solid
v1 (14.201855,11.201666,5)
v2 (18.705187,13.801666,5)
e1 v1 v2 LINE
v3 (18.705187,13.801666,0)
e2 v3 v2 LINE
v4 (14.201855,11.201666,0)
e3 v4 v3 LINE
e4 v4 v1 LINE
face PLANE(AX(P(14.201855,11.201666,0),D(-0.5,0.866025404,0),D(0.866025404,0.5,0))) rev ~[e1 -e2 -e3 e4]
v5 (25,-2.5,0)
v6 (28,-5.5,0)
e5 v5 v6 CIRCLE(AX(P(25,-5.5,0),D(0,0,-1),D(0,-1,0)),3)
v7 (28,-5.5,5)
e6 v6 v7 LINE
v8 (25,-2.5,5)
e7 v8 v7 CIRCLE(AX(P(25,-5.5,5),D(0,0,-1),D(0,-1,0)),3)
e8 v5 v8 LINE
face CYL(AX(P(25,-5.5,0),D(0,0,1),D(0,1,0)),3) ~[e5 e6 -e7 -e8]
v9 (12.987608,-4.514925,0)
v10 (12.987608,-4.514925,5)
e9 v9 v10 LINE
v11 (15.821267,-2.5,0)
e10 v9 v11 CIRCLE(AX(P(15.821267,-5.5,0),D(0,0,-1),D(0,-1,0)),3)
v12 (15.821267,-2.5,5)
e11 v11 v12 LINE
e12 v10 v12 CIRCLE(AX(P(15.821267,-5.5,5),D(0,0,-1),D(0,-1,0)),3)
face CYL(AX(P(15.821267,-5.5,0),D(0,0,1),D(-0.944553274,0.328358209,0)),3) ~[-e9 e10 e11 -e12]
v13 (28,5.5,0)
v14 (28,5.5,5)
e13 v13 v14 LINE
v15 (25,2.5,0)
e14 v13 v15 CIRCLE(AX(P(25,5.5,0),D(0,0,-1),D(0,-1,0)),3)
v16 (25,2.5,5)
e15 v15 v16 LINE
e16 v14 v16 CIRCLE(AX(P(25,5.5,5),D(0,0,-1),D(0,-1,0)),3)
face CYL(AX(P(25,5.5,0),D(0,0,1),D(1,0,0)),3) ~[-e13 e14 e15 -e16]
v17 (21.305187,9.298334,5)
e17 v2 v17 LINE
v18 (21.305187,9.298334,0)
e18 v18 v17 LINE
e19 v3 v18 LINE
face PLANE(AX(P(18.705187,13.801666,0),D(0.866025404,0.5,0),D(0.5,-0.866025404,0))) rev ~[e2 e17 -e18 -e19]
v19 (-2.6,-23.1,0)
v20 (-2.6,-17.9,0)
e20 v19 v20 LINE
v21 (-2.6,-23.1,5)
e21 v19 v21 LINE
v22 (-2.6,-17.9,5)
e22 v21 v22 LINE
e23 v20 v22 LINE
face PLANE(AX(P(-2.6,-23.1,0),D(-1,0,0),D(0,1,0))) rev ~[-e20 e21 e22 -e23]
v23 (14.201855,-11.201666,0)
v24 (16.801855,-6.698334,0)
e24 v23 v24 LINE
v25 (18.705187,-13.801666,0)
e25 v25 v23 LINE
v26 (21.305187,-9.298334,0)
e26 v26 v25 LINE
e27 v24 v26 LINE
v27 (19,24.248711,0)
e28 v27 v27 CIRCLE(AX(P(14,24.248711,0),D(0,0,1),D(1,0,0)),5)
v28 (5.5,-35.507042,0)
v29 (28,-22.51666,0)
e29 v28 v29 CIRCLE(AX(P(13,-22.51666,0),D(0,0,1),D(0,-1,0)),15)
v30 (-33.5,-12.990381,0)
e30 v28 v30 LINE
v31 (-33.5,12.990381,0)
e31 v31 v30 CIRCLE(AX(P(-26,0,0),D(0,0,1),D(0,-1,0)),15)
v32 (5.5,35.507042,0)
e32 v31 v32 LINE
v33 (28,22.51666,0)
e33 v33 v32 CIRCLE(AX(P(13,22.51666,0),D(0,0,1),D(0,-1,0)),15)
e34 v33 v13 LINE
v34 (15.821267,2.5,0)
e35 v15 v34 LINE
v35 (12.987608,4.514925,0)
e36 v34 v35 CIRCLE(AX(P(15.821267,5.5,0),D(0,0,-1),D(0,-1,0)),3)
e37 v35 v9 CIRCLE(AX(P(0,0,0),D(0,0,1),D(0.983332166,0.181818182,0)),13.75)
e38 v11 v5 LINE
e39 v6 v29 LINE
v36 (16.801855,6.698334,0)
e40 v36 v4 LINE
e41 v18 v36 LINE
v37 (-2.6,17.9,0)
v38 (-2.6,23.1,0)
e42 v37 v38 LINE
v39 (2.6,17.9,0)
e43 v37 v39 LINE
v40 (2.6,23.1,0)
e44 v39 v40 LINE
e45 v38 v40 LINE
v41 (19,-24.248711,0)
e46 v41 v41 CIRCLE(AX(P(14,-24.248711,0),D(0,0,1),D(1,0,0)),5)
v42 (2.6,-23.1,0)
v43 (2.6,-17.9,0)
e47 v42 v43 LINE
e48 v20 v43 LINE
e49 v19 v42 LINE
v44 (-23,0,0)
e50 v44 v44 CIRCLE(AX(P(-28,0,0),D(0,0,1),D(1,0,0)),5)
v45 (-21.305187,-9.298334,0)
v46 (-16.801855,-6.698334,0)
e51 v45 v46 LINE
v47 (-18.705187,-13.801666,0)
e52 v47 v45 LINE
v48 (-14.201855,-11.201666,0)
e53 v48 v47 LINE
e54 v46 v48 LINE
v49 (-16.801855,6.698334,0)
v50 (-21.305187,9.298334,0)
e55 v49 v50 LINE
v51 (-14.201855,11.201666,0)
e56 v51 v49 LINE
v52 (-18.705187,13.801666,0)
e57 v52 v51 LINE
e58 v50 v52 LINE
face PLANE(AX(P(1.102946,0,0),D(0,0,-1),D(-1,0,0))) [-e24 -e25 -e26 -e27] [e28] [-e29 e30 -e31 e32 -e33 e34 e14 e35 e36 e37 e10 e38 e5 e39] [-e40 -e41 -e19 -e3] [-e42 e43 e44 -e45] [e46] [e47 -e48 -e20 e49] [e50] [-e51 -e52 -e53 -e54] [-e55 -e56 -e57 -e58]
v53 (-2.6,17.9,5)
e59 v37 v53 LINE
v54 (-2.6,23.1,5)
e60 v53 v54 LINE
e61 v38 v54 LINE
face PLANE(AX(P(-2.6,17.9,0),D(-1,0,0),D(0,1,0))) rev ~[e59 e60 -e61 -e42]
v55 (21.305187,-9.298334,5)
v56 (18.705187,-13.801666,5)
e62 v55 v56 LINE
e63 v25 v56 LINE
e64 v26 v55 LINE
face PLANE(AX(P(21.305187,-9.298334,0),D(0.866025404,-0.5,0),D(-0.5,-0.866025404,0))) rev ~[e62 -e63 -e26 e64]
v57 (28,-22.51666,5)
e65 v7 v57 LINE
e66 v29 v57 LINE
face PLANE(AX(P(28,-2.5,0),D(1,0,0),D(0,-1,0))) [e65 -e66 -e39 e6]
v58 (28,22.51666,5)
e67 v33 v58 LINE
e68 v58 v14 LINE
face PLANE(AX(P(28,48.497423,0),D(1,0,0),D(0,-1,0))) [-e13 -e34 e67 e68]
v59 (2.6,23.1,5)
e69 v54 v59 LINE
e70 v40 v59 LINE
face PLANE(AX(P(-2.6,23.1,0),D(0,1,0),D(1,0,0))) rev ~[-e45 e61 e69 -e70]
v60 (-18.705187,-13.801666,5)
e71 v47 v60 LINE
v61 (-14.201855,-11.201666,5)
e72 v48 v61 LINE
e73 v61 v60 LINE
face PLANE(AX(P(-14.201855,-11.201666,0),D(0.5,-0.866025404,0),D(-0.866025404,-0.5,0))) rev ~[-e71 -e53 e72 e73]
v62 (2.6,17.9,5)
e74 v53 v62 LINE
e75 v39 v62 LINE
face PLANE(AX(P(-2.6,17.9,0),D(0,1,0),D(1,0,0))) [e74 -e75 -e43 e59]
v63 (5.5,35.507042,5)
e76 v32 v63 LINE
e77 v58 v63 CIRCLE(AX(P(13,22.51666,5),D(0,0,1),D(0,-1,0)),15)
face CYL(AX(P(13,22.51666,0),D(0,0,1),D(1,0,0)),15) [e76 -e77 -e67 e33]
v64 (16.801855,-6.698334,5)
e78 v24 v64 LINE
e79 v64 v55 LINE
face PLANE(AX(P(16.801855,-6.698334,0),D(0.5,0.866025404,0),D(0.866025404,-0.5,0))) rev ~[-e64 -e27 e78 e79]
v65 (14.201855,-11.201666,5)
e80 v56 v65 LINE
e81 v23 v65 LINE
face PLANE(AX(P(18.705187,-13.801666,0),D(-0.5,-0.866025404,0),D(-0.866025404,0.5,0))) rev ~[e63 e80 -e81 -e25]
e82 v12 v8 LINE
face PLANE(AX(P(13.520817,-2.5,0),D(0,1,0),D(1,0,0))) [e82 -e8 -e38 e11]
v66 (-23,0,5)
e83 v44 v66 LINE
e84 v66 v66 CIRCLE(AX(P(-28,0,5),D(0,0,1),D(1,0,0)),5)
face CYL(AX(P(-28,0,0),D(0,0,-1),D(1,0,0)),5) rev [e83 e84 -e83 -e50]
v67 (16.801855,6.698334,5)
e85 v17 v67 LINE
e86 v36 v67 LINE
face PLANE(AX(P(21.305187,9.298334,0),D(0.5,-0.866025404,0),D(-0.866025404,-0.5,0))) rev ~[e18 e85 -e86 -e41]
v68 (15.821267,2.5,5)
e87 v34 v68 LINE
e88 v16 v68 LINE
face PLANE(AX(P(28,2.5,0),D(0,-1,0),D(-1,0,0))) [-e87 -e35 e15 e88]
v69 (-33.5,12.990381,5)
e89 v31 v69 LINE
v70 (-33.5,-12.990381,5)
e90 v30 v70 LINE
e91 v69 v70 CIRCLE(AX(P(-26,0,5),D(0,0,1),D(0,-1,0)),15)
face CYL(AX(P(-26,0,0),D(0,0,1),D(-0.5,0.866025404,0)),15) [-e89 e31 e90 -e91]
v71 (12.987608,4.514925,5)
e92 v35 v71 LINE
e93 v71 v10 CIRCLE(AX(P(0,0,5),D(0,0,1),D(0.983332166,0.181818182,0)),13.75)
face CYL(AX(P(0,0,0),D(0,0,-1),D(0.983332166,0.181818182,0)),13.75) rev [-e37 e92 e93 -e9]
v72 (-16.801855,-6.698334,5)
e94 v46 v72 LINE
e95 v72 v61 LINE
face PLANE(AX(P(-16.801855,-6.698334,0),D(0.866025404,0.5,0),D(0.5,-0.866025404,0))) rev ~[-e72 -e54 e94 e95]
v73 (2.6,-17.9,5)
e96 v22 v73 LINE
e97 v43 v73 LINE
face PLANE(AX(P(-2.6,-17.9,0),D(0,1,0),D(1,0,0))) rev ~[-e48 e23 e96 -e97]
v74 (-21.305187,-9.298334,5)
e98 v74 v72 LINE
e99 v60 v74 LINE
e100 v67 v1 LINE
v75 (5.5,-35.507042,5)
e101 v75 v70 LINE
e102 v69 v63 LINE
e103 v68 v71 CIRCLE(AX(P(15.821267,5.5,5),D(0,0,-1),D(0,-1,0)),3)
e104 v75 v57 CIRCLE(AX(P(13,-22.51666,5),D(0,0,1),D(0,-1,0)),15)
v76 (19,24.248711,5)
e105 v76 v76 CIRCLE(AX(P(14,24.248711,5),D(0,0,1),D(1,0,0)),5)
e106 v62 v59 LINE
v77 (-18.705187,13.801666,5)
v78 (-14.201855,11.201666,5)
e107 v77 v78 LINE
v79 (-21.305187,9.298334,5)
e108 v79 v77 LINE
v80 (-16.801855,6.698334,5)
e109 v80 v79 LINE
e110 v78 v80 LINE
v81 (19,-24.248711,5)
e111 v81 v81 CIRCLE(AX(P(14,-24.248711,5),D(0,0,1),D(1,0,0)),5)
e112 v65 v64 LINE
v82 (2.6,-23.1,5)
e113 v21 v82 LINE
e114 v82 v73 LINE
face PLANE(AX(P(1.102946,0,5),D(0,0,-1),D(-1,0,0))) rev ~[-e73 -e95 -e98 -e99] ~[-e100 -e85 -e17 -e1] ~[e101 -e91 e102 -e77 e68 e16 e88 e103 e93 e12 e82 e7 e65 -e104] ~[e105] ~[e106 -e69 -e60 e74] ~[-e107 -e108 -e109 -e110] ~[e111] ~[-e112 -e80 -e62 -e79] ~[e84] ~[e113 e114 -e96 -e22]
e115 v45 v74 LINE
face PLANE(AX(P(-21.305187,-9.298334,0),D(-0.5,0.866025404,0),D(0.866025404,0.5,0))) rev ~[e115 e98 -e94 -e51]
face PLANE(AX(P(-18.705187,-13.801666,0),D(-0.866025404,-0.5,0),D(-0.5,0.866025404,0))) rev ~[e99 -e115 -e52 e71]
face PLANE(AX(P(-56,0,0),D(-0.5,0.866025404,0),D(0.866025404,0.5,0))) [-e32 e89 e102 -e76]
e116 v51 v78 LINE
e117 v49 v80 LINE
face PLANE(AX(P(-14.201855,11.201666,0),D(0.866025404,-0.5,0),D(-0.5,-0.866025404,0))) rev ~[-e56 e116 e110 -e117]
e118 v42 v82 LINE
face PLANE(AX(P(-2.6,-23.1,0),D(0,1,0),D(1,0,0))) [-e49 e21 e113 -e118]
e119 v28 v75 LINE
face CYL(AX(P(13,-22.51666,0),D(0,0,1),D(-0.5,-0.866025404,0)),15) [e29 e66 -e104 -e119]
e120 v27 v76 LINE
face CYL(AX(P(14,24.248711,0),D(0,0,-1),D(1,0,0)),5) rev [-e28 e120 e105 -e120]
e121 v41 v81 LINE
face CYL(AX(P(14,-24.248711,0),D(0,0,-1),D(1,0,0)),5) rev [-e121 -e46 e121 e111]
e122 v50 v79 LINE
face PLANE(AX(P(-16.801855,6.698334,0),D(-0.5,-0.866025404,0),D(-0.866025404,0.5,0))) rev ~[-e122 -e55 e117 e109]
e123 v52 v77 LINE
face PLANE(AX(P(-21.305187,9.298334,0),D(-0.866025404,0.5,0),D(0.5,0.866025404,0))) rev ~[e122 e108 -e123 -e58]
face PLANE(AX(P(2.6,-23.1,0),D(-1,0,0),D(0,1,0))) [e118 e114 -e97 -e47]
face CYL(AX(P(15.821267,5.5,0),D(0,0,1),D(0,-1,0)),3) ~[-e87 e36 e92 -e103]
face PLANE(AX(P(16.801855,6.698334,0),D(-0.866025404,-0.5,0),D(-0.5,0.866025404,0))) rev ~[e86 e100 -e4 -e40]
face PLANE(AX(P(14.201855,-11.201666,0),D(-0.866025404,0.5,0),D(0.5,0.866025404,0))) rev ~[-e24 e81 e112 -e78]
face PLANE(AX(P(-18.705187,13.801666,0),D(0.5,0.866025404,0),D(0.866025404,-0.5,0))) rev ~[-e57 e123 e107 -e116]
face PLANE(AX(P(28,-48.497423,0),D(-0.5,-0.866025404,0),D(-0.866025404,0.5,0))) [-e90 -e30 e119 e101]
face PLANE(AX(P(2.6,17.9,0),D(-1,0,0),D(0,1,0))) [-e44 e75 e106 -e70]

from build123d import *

# Parameters (mm, degrees)
SKETCH1_R           = 5
SKETCH1_W           = 5.2
SKETCH1_H           = 5.2
BOSS_EXTRUDE1_DEPTH = 5
CONG_1_R            = 15
CONG_2_R            = 3


with BuildPart() as part:
    # Sketch1 → Boss-Extrude1 (new body)
    with BuildSketch(Plane.XY):
        with BuildLine():
            Line((28, 2.5), (13.520817283, 2.5))
            ThreePointArc((13.520817283, 2.5), (-13.75, 0), (13.520817283, -2.5))
            Line((13.520817283, -2.5), (28, -2.5))
            Line((28, -2.5), (28, -48.497422612))
            Line((28, -48.497422612), (-56, 0))
            Line((-56, 0), (28, 48.497422612))
            Line((28, 48.497422612), (28, 2.5))
        make_face()
        with Locations((14, 24.248711306)):
            Circle(SKETCH1_R, mode=Mode.SUBTRACT)
        with Locations((14, -24.248711306)):
            Circle(SKETCH1_R, mode=Mode.SUBTRACT)
        with Locations((-28, 0)):
            Circle(SKETCH1_R, mode=Mode.SUBTRACT)
        with Locations((0, 20.5)):
            Rectangle(SKETCH1_W, SKETCH1_H, mode=Mode.SUBTRACT)
        Polygon((21.305186827, 9.29833395), (16.801854728, 6.69833395), (14.201854728, 11.20166605), (18.705186827, 13.80166605), align=None, mode=Mode.SUBTRACT)
        Polygon((18.705186827, -13.80166605), (14.201854728, -11.20166605), (16.801854728, -6.69833395), (21.305186827, -9.29833395), align=None, mode=Mode.SUBTRACT)
        with Locations((0, -20.5)):
            Rectangle(SKETCH1_W, SKETCH1_H, mode=Mode.SUBTRACT)
        Polygon((-21.305186827, -9.29833395), (-16.801854728, -6.69833395), (-14.201854728, -11.20166605), (-18.705186827, -13.80166605), align=None, mode=Mode.SUBTRACT)
        Polygon((-18.705186827, 13.80166605), (-14.201854728, 11.20166605), (-16.801854728, 6.69833395), (-21.305186827, 9.29833395), align=None, mode=Mode.SUBTRACT)
    extrude(amount=BOSS_EXTRUDE1_DEPTH)

    # Congé1
    cong_1_edges = [part.edges().sort_by_distance(p)[0] for p in [
        (28, -48.497422612, 2.5),
        (-56, 0, 2.5),
        (28, 48.497422612, 2.5),
    ]]
    fillet(cong_1_edges, radius=CONG_1_R)

    # Congé2
    cong_2_edges = [part.edges().sort_by_distance(p)[0] for p in [
        (28, 2.5, 2.5),
        (13.520817283, 2.5, 2.5),
        (13.520817283, -2.5, 2.5),
        (28, -2.5, 2.5),
    ]]
    fillet(cong_2_edges, radius=CONG_2_R)


solid = part.part
